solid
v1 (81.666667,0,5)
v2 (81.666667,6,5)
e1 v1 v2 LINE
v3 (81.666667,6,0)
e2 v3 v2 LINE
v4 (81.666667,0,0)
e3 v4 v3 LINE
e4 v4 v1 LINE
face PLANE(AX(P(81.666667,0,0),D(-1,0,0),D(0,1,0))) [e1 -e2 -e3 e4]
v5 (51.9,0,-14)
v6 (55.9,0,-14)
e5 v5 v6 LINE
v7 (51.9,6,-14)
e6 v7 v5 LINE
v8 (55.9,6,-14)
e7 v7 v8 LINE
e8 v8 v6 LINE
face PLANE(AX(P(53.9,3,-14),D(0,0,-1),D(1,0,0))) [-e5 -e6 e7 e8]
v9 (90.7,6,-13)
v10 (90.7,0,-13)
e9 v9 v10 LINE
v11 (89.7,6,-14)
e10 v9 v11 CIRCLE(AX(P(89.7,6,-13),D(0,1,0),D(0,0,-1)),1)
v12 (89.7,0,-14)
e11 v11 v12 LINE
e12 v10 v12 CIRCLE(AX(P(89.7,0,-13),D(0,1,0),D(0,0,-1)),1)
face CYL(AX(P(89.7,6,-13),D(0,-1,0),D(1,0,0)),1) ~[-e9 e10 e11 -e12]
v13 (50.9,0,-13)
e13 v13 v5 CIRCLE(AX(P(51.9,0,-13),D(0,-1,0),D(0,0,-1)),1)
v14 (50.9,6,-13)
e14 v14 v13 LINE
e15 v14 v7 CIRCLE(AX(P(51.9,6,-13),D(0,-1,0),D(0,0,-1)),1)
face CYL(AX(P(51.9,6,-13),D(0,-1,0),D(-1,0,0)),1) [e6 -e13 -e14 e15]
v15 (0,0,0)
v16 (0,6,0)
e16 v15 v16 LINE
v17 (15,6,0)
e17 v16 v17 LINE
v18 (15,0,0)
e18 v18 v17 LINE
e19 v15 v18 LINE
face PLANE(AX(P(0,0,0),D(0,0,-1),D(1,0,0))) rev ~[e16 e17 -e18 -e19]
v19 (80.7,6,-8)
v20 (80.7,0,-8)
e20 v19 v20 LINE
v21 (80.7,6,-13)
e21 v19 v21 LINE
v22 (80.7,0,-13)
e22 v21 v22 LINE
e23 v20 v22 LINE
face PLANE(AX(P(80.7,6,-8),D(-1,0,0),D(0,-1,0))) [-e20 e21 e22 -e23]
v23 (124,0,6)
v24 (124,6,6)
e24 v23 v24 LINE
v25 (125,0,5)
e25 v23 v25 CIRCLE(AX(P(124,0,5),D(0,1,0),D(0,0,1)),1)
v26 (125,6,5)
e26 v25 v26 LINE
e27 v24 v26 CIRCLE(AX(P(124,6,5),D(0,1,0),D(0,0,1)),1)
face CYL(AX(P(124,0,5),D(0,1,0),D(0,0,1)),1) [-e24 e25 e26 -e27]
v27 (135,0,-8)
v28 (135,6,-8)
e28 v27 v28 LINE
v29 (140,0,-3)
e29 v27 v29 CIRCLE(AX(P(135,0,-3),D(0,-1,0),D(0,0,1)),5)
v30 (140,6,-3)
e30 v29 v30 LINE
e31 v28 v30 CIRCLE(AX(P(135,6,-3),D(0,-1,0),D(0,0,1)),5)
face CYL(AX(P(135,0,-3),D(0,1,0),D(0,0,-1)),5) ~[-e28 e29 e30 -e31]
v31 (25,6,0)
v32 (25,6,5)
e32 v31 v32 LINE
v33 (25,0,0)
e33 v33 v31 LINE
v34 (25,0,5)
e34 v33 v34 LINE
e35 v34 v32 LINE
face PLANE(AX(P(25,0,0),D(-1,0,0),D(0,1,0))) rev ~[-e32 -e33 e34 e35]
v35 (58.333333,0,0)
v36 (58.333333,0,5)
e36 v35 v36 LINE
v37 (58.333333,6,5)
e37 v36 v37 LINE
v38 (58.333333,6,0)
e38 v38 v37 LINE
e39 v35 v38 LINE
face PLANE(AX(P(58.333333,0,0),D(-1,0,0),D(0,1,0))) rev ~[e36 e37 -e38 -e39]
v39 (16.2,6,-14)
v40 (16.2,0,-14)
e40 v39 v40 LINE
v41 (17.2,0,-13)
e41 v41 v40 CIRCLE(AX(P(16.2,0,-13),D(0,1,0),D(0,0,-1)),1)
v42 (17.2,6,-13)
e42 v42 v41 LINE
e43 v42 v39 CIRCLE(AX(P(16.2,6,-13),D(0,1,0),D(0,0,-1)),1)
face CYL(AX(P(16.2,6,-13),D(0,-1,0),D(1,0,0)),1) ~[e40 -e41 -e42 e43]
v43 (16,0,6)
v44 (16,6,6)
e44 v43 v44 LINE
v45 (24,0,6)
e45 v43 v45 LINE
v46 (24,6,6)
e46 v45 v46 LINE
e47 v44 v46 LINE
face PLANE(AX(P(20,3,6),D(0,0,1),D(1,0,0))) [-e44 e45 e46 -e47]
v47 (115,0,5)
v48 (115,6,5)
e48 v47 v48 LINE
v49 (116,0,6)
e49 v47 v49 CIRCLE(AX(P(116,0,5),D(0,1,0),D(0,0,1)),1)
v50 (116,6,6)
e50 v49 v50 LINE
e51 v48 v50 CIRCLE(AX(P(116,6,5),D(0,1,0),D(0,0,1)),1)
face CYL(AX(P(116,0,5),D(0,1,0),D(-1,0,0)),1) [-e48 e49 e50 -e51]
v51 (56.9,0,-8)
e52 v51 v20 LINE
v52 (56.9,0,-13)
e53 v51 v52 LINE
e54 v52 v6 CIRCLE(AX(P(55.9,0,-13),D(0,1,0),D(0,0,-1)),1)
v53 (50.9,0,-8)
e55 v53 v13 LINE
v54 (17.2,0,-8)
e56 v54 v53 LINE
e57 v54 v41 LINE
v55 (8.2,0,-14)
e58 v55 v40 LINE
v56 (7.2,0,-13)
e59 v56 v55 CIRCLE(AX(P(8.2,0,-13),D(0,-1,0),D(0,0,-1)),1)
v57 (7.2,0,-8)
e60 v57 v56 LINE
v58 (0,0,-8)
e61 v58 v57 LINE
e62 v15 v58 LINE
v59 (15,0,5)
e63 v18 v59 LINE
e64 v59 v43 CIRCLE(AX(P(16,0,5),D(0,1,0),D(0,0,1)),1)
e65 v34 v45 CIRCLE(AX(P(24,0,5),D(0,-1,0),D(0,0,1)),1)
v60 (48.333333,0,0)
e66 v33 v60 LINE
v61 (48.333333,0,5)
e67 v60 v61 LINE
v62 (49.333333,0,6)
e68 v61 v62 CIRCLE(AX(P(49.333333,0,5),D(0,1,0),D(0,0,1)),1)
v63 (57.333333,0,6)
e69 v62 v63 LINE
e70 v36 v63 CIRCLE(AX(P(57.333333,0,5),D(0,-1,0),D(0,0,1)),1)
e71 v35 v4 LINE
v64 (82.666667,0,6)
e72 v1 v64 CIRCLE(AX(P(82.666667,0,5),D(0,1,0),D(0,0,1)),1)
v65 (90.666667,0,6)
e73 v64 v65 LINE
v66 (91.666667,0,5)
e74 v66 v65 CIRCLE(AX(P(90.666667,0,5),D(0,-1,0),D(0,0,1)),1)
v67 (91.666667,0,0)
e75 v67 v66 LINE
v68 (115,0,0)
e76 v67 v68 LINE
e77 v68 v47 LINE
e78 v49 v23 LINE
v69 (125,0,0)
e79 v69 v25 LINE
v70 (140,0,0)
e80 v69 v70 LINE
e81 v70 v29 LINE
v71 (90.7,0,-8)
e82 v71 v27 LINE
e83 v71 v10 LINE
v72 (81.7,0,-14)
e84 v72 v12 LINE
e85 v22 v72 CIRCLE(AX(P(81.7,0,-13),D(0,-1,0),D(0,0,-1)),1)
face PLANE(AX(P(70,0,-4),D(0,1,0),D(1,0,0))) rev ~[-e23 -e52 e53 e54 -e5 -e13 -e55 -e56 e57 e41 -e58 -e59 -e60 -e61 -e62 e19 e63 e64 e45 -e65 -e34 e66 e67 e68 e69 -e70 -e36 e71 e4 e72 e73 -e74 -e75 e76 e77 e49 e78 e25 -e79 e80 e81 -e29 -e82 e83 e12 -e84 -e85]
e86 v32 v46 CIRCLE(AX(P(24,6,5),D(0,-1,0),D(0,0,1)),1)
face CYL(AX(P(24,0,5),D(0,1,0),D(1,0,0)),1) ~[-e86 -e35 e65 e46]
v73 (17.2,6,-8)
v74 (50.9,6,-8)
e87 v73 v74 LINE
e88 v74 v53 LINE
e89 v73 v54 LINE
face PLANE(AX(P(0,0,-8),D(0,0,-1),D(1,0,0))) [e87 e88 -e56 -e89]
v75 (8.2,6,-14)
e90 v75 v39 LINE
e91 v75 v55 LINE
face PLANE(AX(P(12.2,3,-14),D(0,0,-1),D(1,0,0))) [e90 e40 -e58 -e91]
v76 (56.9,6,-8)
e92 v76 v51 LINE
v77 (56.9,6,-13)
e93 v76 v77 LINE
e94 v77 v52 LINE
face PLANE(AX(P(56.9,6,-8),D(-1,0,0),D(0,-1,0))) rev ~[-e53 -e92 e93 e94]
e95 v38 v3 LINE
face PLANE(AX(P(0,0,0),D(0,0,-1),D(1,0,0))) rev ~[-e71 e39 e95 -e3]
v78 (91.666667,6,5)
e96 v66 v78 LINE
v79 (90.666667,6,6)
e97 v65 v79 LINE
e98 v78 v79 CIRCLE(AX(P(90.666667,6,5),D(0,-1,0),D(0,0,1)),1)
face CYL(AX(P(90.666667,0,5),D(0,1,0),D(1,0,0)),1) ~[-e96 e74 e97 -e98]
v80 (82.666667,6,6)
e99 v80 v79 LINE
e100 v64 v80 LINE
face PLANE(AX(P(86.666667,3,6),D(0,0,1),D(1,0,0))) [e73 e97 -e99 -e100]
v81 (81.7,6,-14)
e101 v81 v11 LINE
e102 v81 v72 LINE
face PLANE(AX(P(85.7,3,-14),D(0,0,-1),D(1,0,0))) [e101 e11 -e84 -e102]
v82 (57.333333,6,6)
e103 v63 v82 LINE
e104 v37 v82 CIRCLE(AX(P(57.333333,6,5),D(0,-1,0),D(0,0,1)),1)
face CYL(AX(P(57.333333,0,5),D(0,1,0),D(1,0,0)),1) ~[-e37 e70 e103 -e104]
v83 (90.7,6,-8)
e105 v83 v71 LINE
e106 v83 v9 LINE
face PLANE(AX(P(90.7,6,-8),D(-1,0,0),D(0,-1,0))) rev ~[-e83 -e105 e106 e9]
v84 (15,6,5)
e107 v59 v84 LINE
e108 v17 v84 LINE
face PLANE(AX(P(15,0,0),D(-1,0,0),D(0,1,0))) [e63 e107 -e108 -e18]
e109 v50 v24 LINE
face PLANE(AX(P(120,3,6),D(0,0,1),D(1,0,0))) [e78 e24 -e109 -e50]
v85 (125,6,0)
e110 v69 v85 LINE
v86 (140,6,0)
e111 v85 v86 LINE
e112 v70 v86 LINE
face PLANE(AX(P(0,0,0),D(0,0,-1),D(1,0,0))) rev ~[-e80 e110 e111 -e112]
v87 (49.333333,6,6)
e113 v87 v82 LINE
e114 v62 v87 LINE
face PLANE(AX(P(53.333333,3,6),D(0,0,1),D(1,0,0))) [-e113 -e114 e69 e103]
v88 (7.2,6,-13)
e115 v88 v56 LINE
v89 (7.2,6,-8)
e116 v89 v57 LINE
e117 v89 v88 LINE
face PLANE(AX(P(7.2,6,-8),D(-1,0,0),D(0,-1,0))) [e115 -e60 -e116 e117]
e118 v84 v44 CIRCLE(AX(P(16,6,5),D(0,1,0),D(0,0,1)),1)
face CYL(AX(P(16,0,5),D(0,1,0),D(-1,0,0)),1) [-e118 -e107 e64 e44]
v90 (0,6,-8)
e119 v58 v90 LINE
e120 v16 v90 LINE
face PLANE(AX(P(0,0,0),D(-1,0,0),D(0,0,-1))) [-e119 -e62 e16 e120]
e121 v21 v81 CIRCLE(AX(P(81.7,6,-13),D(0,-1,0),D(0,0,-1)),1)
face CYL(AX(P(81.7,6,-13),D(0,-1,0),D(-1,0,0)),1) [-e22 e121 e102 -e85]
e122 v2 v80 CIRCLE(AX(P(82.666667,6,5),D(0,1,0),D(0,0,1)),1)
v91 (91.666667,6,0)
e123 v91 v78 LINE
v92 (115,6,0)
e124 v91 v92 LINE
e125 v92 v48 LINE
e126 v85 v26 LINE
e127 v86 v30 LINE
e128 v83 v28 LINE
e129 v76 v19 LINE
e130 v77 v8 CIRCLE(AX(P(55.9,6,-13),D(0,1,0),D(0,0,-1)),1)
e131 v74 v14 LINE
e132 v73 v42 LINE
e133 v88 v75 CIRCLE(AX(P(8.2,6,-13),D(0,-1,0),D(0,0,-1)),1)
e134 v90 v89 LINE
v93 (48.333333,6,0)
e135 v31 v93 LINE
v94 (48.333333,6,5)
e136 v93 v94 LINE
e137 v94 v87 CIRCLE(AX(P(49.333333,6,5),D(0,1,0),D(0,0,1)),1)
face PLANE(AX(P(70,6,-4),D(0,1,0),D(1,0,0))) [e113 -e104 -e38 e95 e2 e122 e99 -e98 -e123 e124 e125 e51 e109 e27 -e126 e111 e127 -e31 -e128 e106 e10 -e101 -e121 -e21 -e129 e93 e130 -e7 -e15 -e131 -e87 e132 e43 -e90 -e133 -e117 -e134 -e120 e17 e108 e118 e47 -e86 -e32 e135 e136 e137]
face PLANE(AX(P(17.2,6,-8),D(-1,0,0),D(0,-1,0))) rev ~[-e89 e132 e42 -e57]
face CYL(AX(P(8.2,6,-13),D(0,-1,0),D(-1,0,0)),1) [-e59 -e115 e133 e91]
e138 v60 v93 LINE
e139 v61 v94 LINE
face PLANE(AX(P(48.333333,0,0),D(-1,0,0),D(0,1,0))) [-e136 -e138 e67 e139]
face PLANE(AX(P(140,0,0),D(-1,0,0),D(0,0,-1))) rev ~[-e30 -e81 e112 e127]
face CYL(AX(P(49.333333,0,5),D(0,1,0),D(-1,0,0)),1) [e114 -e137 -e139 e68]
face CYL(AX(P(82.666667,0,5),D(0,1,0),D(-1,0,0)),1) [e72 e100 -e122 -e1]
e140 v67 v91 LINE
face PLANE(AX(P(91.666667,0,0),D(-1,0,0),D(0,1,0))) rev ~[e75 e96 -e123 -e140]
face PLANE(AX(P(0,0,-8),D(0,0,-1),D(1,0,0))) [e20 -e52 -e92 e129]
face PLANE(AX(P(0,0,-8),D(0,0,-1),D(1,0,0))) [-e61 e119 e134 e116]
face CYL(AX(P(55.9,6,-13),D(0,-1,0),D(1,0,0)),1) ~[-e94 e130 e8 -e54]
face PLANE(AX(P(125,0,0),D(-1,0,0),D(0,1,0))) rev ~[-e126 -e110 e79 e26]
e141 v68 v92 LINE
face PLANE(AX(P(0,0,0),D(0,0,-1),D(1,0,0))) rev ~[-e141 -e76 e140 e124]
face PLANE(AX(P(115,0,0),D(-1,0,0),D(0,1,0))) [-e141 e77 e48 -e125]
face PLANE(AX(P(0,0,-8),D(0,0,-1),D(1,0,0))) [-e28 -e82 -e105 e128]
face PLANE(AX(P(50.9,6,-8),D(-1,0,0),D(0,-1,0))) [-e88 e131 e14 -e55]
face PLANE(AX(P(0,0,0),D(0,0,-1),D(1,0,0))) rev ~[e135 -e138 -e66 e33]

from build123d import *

# Parameters (mm, degrees)
SKETCH1_W               = 140
SKETCH1_H               = 8
BOSS_EXTRUDE1_DEPTH     = 6
SKETCH234_W             = 10
SKETCH234_H             = 6
BOSS_EXTRUDE234_DEPTH   = 6
FILLET134_R             = 1
SKETCH2341_W            = 10
SKETCH2341_H            = 6
BOSS_EXTRUDE2341_DEPTH  = 6
FILLET1341_R            = 1
SKETCH2342_W            = 10
SKETCH2342_H            = 6
BOSS_EXTRUDE2342_DEPTH  = 6
FILLET1342_R            = 1
SKETCH2343_W            = 10
SKETCH2343_H            = 6
BOSS_EXTRUDE2343_DEPTH  = 6
FILLET1343_R            = 1
SKETCH2344_W            = 10
SKETCH2344_H            = 6
BOSS_EXTRUDE2344_DEPTH  = 6
FILLET1344_R            = 1
SKETCH2346_W            = 10
SKETCH2346_H            = 6
BOSS_EXTRUDE2346_DEPTH  = 6
FILLET1346_R            = 1
FILLET1347_R            = 5
SKETCH23410_W           = 6
SKETCH23410_H           = 6
BOSS_EXTRUDE23410_DEPTH = 6
FILLET13411_R           = 1


with BuildPart() as part:
    # Sketch1 → Boss-Extrude1 (new body)
    with BuildSketch(Plane(origin=(0, 0, 0), x_dir=(1, 0, 0), z_dir=(0, 1, 0))):
        with Locations((70, 4)):
            Rectangle(SKETCH1_W, SKETCH1_H)
    extrude(amount=BOSS_EXTRUDE1_DEPTH)

    # Sketch234 → Boss-Extrude234 (add)
    with BuildSketch(Plane(origin=(119.232221392, 0, 0), x_dir=(1, 0, 0), z_dir=(0, 0, 1))):
        with Locations((0.767778608, 3)):
            Rectangle(SKETCH234_W, SKETCH234_H)
    extrude(amount=BOSS_EXTRUDE234_DEPTH)

    # Fillet134
    fillet134_edges = [part.edges().sort_by_distance(p)[0] for p in [
        (115, 3, 6),
        (125, 3, 6),
    ]]
    fillet(fillet134_edges, radius=FILLET134_R)

    # Sketch2341 → Boss-Extrude2341 (add)
    with BuildSketch(Plane(origin=(85.898888059, 0, 0), x_dir=(1, 0, 0), z_dir=(0, 0, 1))):
        with Locations((0.767778608, 3)):
            Rectangle(SKETCH2341_W, SKETCH2341_H)
    extrude(amount=BOSS_EXTRUDE2341_DEPTH)

    # Fillet1341
    fillet1341_edges = [part.edges().sort_by_distance(p)[0] for p in [
        (91.666666667, 3, 6),
        (81.666666667, 3, 6),
    ]]
    fillet(fillet1341_edges, radius=FILLET1341_R)

    # Sketch2342 → Boss-Extrude2342 (add)
    with BuildSketch(Plane(origin=(52.565554726, 0, 0), x_dir=(1, 0, 0), z_dir=(0, 0, 1))):
        with Locations((0.767778608, 3)):
            Rectangle(SKETCH2342_W, SKETCH2342_H)
    extrude(amount=BOSS_EXTRUDE2342_DEPTH)

    # Fillet1342
    fillet1342_edges = [part.edges().sort_by_distance(p)[0] for p in [
        (58.333333333, 3, 6),
        (48.333333333, 3, 6),
    ]]
    fillet(fillet1342_edges, radius=FILLET1342_R)

    # Sketch2343 → Boss-Extrude2343 (add)
    with BuildSketch(Plane(origin=(19.232221392, 0, 0), x_dir=(1, 0, 0), z_dir=(0, 0, 1))):
        with Locations((0.767778608, 3)):
            Rectangle(SKETCH2343_W, SKETCH2343_H)
    extrude(amount=BOSS_EXTRUDE2343_DEPTH)

    # Fillet1343
    fillet1343_edges = [part.edges().sort_by_distance(p)[0] for p in [
        (25, 3, 6),
        (15, 3, 6),
    ]]
    fillet(fillet1343_edges, radius=FILLET1343_R)

    # Sketch2344 → Boss-Extrude2344 (add)
    with BuildSketch(Plane(origin=(84.932221392, 6, -8), x_dir=(1, 0, 0), z_dir=(0, 0, -1))):
        with Locations((0.767778608, 3)):
            Rectangle(SKETCH2344_W, SKETCH2344_H)
    extrude(amount=BOSS_EXTRUDE2344_DEPTH)

    # Fillet1344
    fillet1344_edges = [part.edges().sort_by_distance(p)[0] for p in [
        (80.7, 3, -14),
        (90.7, 3, -14),
    ]]
    fillet(fillet1344_edges, radius=FILLET1344_R)

    # Sketch2346 → Boss-Extrude2346 (add)
    with BuildSketch(Plane(origin=(11.432221392, 6, -8), x_dir=(1, 0, 0), z_dir=(0, 0, -1))):
        with Locations((0.767778608, 3)):
            Rectangle(SKETCH2346_W, SKETCH2346_H)
    extrude(amount=BOSS_EXTRUDE2346_DEPTH)

    # Fillet1346
    fillet1346_edges = [part.edges().sort_by_distance(p)[0] for p in [
        (17.2, 3, -14),
        (7.2, 3, -14),
    ]]
    fillet(fillet1346_edges, radius=FILLET1346_R)

    # Fillet1347
    fillet1347_edges = [part.edges().sort_by_distance(p)[0] for p in [
        (140, 3, -8),
    ]]
    fillet(fillet1347_edges, radius=FILLET1347_R)

    # Sketch23410 → Boss-Extrude23410 (add)
    with BuildSketch(Plane(origin=(53.132221392, 6, -8), x_dir=(1, 0, 0), z_dir=(0, 0, -1))):
        with Locations((0.767778608, 3)):
            Rectangle(SKETCH23410_W, SKETCH23410_H)
    extrude(amount=BOSS_EXTRUDE23410_DEPTH)

    # Fillet13411
    fillet13411_edges = [part.edges().sort_by_distance(p)[0] for p in [
        (56.9, 3, -14),
        (50.9, 3, -14),
    ]]
    fillet(fillet13411_edges, radius=FILLET13411_R)


solid = part.part
